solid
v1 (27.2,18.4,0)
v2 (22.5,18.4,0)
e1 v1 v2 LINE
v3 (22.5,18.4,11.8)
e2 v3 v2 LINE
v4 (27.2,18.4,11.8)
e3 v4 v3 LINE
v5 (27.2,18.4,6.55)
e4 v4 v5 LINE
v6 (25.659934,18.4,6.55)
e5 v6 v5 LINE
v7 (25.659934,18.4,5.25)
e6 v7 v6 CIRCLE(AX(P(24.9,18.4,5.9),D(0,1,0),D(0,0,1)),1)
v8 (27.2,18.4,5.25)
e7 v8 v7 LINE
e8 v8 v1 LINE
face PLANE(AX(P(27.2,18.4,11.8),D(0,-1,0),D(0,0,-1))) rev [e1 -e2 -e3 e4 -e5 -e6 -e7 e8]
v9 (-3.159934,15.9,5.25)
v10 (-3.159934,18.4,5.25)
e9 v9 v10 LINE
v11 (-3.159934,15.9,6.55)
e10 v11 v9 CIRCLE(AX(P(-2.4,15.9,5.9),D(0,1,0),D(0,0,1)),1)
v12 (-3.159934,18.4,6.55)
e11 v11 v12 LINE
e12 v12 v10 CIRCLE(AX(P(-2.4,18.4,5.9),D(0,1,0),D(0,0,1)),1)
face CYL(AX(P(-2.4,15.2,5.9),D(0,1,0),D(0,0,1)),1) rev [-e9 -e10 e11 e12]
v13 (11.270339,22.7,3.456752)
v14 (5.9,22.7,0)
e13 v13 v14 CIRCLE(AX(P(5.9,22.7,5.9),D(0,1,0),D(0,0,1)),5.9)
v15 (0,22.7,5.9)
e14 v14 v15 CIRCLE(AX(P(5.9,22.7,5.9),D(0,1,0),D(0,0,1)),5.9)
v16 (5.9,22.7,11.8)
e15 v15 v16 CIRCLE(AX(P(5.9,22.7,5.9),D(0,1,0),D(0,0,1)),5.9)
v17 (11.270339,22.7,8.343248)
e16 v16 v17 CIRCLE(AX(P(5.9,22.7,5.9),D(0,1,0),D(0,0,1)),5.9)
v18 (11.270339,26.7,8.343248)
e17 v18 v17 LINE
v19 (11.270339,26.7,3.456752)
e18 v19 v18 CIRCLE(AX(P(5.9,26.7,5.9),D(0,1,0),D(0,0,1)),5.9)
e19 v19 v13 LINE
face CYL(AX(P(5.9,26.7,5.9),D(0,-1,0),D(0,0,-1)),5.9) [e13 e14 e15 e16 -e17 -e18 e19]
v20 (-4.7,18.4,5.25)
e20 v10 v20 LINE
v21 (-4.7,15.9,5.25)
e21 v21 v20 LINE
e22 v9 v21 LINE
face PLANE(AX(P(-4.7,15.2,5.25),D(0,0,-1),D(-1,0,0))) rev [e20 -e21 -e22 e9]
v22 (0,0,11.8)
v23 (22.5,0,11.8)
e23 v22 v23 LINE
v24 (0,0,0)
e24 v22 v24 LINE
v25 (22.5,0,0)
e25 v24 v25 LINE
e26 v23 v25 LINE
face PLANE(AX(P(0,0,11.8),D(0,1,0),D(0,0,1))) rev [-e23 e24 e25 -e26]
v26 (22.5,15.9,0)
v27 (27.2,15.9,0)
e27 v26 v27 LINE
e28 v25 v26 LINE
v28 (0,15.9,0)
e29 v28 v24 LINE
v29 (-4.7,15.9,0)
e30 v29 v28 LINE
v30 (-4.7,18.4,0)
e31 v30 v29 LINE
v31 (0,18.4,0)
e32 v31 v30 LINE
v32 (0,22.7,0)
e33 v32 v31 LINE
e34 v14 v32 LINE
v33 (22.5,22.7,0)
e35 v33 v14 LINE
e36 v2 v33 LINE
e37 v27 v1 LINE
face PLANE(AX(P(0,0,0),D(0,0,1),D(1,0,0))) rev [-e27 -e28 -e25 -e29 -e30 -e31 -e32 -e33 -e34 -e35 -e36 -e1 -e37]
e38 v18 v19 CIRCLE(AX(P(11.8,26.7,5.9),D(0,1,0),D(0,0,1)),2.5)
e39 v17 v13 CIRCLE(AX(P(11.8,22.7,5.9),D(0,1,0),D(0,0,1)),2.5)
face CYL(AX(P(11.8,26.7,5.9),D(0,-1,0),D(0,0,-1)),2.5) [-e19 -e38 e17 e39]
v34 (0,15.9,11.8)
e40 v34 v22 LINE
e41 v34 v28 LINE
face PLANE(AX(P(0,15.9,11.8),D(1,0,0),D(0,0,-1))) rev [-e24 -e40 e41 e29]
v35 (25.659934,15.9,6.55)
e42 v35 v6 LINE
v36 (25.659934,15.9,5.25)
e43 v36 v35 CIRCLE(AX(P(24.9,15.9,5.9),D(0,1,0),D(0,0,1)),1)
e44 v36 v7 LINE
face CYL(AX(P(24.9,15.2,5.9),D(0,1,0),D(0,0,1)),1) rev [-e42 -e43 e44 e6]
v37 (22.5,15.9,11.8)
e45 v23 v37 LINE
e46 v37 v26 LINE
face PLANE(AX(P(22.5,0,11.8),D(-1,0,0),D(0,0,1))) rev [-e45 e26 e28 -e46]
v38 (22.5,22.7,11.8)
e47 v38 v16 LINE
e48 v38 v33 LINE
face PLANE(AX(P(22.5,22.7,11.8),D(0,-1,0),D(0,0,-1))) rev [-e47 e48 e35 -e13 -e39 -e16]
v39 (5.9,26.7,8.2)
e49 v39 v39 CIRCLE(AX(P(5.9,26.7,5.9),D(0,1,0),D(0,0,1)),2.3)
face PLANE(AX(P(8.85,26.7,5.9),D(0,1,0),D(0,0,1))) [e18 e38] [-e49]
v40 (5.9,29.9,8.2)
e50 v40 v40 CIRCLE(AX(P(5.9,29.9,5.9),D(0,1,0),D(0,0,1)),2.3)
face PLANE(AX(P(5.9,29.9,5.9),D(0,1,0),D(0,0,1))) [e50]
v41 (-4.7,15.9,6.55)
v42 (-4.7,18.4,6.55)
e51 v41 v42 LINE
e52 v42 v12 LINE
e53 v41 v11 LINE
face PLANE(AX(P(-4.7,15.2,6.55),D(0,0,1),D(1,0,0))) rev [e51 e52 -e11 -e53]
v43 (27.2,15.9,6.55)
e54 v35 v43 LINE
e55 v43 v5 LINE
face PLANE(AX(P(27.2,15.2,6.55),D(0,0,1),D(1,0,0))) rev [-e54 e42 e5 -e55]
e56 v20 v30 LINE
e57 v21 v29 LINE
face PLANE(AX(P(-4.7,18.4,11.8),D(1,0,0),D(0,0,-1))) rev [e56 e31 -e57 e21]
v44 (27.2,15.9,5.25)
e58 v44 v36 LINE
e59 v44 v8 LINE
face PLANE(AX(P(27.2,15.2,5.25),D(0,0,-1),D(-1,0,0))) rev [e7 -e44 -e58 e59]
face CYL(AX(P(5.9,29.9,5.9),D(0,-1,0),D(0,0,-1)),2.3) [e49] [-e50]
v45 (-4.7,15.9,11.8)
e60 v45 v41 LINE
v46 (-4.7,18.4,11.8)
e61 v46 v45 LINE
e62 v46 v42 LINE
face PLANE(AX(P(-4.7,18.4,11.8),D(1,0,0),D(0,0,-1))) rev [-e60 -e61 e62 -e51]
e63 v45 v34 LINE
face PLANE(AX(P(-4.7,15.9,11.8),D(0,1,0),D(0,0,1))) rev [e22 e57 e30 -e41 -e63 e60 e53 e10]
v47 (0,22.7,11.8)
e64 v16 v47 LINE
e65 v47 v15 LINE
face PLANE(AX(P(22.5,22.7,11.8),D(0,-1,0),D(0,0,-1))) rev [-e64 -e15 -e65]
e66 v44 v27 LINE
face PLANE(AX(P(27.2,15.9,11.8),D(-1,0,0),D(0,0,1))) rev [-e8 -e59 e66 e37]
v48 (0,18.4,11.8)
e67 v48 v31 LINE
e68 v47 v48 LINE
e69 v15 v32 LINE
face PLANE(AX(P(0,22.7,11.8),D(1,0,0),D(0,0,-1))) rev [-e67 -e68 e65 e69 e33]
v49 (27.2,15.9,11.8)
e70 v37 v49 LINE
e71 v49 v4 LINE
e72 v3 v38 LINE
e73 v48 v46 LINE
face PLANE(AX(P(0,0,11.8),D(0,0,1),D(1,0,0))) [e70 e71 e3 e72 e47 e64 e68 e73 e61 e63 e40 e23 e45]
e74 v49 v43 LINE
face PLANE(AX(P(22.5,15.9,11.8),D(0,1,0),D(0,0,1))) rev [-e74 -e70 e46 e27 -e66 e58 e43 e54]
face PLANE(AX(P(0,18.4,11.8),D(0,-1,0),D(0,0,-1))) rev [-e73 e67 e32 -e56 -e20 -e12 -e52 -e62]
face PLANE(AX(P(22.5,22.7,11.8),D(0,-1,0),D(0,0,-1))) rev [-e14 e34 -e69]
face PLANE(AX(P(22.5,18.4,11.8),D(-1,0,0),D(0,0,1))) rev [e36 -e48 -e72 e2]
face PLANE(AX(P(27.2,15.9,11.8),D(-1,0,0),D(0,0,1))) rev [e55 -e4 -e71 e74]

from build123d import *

# Parameters (mm, degrees)
BOSS_EXTRUDE1_DEPTH = 11.8
BOSS_EXTRUDE2_DEPTH = 4
SKETCH4_R           = 2.3
BOSS_EXTRUDE3_DEPTH = 3.2
CUT_EXTRUDE1_DEPTH  = 3.2
CUT_EXTRUDE2_DEPTH  = 3.2


with BuildPart() as part:
    # Sketch2 → Boss-Extrude1 (new body)
    with BuildSketch(Plane.XY):
        Polygon((0, 0), (22.5, 0), (22.5, 15.9), (27.2, 15.9), (27.2, 18.4), (22.5, 18.4), (22.5, 22.7), (0, 22.7), (0, 18.4), (-4.7, 18.4), (-4.7, 15.9), (0, 15.9), align=None)
    extrude(amount=BOSS_EXTRUDE1_DEPTH)

    # Sketch3 → Boss-Extrude2 (add)
    with BuildSketch(Plane(origin=(0, 22.7, 0), x_dir=(1, 0, 0), z_dir=(0, 1, 0))):
        with BuildLine():
            ThreePointArc((11.270338983, -3.456752324), (0, -5.9), (11.270338983, -8.343247676))
            ThreePointArc((11.270338983, -8.343247676), (14.3, -5.9), (11.270338983, -3.456752324))
        make_face()
    extrude(amount=BOSS_EXTRUDE2_DEPTH)

    # Sketch4 → Boss-Extrude3 (add)
    with BuildSketch(Plane(origin=(0, 26.7, 0), x_dir=(1, 0, 0), z_dir=(0, 1, 0))):
        with Locations((5.9, -5.9)):
            Circle(SKETCH4_R)
    extrude(amount=BOSS_EXTRUDE3_DEPTH)

    # Sketch5 → Cut-Extrude1 (cut)
    with BuildSketch(Plane(origin=(0, 18.4, 0), x_dir=(1, 0, 0), z_dir=(0, 1, 0))):
        with BuildLine():
            Line((27.2, -5.9), (27.2, -5.25))
            Line((27.2, -5.25), (25.659934208, -5.25))
            ThreePointArc((25.659934208, -5.25), (23.9, -5.9), (25.659934208, -6.55))
            Line((25.659934208, -6.55), (27.2, -6.55))
            Line((27.2, -6.55), (27.2, -5.9))
        make_face()
    extrude(amount=-CUT_EXTRUDE1_DEPTH, mode=Mode.SUBTRACT)

    # Sketch6 → Cut-Extrude2 (cut)
    with BuildSketch(Plane(origin=(0, 18.4, 0), x_dir=(1, 0, 0), z_dir=(0, 1, 0))):
        with BuildLine():
            Line((-4.7, -5.9), (-4.7, -5.25))
            Line((-4.7, -5.25), (-3.159934208, -5.25))
            ThreePointArc((-3.159934208, -5.25), (-1.4, -5.9), (-3.159934208, -6.55))
            Line((-3.159934208, -6.55), (-4.7, -6.55))
            Line((-4.7, -6.55), (-4.7, -5.9))
        make_face()
    extrude(amount=-CUT_EXTRUDE2_DEPTH, mode=Mode.SUBTRACT)


solid = part.part
